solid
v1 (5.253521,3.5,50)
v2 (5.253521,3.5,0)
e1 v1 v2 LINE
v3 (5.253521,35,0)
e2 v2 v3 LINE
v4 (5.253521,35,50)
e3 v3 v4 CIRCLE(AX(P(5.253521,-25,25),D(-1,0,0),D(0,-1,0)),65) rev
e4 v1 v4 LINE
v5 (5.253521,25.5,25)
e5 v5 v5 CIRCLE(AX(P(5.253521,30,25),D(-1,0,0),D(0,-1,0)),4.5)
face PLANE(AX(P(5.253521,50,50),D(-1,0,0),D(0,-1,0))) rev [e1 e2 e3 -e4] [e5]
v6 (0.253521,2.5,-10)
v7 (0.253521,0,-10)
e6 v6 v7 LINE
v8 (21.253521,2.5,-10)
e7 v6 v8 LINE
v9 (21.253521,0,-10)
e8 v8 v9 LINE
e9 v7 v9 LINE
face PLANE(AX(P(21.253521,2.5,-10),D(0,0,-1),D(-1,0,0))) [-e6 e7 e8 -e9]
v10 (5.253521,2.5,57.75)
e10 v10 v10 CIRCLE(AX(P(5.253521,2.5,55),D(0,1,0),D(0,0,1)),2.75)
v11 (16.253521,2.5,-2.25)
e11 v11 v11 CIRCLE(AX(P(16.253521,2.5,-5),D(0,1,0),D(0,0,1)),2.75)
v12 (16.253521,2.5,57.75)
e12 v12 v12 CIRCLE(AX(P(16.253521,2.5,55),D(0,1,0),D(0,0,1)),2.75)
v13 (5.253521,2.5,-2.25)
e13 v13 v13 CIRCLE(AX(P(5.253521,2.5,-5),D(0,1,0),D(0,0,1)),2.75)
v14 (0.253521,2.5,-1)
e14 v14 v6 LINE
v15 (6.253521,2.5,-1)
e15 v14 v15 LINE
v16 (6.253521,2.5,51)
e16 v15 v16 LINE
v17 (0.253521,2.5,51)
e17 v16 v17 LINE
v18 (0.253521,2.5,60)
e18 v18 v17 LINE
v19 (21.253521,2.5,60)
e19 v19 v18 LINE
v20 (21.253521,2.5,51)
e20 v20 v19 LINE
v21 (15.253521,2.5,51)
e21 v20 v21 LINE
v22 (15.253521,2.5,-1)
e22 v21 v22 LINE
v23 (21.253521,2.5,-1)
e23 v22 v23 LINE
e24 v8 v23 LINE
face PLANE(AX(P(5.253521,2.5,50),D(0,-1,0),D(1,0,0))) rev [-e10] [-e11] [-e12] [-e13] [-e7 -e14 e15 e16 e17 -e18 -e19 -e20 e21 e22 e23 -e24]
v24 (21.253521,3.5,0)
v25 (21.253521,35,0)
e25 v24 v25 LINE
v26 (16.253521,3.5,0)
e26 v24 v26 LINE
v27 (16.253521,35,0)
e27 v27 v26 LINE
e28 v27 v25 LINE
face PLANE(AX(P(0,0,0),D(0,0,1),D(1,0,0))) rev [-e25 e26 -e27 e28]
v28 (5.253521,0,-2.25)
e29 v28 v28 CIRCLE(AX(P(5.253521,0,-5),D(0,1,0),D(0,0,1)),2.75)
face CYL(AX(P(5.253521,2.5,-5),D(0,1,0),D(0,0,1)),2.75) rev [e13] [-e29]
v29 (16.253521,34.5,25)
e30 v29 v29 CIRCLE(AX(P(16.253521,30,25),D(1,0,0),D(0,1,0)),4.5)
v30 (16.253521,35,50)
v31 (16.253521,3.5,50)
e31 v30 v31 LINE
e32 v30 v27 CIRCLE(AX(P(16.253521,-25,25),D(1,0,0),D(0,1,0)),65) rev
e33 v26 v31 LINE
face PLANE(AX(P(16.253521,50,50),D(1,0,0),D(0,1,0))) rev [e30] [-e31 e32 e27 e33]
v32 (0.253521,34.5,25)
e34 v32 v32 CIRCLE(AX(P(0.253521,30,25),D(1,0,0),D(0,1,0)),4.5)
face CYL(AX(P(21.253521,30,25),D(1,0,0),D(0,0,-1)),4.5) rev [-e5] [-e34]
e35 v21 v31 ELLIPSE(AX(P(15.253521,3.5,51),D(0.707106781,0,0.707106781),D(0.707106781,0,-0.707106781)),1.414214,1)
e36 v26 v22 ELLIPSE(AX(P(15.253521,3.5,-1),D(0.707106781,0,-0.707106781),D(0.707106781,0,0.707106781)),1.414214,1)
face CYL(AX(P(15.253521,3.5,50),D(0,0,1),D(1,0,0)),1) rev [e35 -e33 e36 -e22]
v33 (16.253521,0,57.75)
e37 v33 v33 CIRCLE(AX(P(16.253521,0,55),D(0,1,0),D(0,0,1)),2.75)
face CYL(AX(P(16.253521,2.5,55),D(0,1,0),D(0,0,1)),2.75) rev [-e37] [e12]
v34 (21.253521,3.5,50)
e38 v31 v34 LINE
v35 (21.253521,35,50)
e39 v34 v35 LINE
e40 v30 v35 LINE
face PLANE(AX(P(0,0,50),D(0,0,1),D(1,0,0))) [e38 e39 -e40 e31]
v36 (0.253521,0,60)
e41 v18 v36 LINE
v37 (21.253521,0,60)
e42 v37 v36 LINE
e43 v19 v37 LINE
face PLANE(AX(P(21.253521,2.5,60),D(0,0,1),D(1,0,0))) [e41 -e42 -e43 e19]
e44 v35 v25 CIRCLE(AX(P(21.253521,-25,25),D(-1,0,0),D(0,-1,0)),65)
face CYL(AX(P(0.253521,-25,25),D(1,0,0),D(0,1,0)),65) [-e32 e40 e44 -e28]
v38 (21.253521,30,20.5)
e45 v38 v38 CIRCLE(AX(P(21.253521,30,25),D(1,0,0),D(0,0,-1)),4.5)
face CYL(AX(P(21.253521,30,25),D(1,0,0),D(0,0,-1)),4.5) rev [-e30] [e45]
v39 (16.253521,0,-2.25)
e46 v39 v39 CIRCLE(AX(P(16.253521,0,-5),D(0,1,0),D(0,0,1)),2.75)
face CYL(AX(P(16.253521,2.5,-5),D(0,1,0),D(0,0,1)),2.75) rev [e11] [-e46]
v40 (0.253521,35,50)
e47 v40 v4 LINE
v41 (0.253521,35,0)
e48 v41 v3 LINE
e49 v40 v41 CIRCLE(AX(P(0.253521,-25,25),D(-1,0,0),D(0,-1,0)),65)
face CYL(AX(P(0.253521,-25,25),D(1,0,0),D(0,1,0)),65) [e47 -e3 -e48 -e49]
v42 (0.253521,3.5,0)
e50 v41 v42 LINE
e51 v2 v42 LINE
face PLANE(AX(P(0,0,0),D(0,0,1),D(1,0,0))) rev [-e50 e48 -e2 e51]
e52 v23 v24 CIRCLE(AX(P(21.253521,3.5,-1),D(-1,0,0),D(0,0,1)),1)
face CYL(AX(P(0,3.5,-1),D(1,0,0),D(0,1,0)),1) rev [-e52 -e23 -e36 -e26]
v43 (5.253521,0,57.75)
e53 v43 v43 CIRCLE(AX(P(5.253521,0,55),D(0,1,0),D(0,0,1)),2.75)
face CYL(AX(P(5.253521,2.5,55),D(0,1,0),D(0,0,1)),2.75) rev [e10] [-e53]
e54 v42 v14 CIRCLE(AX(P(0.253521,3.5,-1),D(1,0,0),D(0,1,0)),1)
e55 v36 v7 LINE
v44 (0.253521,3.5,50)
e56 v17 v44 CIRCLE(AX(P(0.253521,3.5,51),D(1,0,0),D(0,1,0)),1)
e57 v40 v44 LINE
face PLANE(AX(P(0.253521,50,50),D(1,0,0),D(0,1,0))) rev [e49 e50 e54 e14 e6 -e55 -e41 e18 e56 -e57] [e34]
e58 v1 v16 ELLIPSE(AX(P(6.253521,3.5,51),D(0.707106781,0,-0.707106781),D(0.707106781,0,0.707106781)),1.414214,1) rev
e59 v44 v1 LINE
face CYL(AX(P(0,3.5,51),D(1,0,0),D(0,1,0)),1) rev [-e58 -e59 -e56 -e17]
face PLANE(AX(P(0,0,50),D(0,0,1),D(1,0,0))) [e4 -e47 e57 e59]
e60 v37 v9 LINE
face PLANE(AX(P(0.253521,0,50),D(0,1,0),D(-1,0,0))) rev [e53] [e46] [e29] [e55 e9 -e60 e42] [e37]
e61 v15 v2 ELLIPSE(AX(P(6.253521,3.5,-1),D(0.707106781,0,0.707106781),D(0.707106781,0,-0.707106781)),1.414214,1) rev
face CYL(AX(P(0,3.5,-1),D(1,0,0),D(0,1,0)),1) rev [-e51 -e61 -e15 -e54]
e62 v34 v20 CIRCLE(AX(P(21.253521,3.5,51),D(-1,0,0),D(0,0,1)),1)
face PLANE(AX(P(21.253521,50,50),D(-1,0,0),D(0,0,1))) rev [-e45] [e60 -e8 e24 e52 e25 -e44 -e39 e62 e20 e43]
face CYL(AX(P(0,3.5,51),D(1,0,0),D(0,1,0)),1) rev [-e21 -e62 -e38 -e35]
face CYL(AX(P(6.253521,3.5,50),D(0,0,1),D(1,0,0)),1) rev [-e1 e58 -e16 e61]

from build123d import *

# Parameters (mm, degrees)
BOSS_EXTRUDE1_DEPTH      = 50
CUT_EXTRUDE1_DEPTH       = 22
M8_CLEARANCE_HOLE1_D     = 9
M8_CLEARANCE_HOLE1_DEPTH = 30
M8_CLEARANCE_HOLE1_TIP   = 2.703872786
SKETCH6_W                = 21
SKETCH6_H                = 10
BOSS_EXTRUDE2_DEPTH      = 2.5
FILLET1_R                = 1
M5_CLEARANCE_HOLE1_D     = 5.5


with BuildPart() as part:
    # Sketch1 → Boss-Extrude1 (new body)
    with BuildSketch(Plane.XY):
        Polygon((0.253520576, 50), (5.253520576, 50), (5.253520576, 2.5), (16.253520576, 2.5), (16.253520576, 50), (21.253520576, 50), (21.253520576, 0), (0.253520576, 0), align=None)
    extrude(amount=BOSS_EXTRUDE1_DEPTH)

    # Sketch2 → Cut-Extrude1 (cut, through all)
    with BuildSketch(Plane(origin=(21.253520576, 0, 0), x_dir=(0, 0, -1), z_dir=(1, 0, 0))):
        with BuildLine():
            Line((-50, 35), (-50, 50))
            Line((-50, 50), (0, 50))
            Line((0, 50), (0, 35))
            ThreePointArc((0, 35), (-25, 40), (-50, 35))
        make_face()
    extrude(amount=-CUT_EXTRUDE1_DEPTH, mode=Mode.SUBTRACT)

    # M8 Clearance Hole1
    with Locations(Plane(origin=(21.253520576, 0, 0), x_dir=(0, 0, -1), z_dir=(1, 0, 0))):
        with Locations((-25, 30)):
            Hole(M8_CLEARANCE_HOLE1_D / 2, depth=M8_CLEARANCE_HOLE1_DEPTH)
            with Locations((0, 0, -(M8_CLEARANCE_HOLE1_DEPTH + M8_CLEARANCE_HOLE1_TIP / 2))):  # 118° drill point
                Cone(0, M8_CLEARANCE_HOLE1_D / 2, M8_CLEARANCE_HOLE1_TIP, mode=Mode.SUBTRACT)

    # Sketch6 → Boss-Extrude2 (add)
    with BuildSketch(Plane.XZ):
        with Locations((10.753520576, -5)):
            Rectangle(SKETCH6_W, SKETCH6_H)
        with Locations((10.753520576, 55)):
            Rectangle(SKETCH6_W, SKETCH6_H)
    extrude(amount=-BOSS_EXTRUDE2_DEPTH)

    # Fillet1
    fillet1_edges = [part.edges().sort_by_distance(p)[0] for p in [
        (5.253520576, 2.5, 25),
        (16.253520576, 2.5, 25),
        (2.753520576, 2.5, 0),
        (18.753520576, 2.5, 0),
        (18.753520576, 2.5, 50),
        (2.753520576, 2.5, 50),
    ]]
    fillet(fillet1_edges, radius=FILLET1_R)

    # M5 Clearance Hole1 (through all)
    with Locations(Plane(origin=(0, 2.5, 0), x_dir=(1, 0, 0), z_dir=(0, 1, 0))):
        with Locations((5.253520576, -55), (16.253520576, -55), (5.253520576, 5), (16.253520576, 5)):
            Hole(M5_CLEARANCE_HOLE1_D / 2)


solid = part.part
